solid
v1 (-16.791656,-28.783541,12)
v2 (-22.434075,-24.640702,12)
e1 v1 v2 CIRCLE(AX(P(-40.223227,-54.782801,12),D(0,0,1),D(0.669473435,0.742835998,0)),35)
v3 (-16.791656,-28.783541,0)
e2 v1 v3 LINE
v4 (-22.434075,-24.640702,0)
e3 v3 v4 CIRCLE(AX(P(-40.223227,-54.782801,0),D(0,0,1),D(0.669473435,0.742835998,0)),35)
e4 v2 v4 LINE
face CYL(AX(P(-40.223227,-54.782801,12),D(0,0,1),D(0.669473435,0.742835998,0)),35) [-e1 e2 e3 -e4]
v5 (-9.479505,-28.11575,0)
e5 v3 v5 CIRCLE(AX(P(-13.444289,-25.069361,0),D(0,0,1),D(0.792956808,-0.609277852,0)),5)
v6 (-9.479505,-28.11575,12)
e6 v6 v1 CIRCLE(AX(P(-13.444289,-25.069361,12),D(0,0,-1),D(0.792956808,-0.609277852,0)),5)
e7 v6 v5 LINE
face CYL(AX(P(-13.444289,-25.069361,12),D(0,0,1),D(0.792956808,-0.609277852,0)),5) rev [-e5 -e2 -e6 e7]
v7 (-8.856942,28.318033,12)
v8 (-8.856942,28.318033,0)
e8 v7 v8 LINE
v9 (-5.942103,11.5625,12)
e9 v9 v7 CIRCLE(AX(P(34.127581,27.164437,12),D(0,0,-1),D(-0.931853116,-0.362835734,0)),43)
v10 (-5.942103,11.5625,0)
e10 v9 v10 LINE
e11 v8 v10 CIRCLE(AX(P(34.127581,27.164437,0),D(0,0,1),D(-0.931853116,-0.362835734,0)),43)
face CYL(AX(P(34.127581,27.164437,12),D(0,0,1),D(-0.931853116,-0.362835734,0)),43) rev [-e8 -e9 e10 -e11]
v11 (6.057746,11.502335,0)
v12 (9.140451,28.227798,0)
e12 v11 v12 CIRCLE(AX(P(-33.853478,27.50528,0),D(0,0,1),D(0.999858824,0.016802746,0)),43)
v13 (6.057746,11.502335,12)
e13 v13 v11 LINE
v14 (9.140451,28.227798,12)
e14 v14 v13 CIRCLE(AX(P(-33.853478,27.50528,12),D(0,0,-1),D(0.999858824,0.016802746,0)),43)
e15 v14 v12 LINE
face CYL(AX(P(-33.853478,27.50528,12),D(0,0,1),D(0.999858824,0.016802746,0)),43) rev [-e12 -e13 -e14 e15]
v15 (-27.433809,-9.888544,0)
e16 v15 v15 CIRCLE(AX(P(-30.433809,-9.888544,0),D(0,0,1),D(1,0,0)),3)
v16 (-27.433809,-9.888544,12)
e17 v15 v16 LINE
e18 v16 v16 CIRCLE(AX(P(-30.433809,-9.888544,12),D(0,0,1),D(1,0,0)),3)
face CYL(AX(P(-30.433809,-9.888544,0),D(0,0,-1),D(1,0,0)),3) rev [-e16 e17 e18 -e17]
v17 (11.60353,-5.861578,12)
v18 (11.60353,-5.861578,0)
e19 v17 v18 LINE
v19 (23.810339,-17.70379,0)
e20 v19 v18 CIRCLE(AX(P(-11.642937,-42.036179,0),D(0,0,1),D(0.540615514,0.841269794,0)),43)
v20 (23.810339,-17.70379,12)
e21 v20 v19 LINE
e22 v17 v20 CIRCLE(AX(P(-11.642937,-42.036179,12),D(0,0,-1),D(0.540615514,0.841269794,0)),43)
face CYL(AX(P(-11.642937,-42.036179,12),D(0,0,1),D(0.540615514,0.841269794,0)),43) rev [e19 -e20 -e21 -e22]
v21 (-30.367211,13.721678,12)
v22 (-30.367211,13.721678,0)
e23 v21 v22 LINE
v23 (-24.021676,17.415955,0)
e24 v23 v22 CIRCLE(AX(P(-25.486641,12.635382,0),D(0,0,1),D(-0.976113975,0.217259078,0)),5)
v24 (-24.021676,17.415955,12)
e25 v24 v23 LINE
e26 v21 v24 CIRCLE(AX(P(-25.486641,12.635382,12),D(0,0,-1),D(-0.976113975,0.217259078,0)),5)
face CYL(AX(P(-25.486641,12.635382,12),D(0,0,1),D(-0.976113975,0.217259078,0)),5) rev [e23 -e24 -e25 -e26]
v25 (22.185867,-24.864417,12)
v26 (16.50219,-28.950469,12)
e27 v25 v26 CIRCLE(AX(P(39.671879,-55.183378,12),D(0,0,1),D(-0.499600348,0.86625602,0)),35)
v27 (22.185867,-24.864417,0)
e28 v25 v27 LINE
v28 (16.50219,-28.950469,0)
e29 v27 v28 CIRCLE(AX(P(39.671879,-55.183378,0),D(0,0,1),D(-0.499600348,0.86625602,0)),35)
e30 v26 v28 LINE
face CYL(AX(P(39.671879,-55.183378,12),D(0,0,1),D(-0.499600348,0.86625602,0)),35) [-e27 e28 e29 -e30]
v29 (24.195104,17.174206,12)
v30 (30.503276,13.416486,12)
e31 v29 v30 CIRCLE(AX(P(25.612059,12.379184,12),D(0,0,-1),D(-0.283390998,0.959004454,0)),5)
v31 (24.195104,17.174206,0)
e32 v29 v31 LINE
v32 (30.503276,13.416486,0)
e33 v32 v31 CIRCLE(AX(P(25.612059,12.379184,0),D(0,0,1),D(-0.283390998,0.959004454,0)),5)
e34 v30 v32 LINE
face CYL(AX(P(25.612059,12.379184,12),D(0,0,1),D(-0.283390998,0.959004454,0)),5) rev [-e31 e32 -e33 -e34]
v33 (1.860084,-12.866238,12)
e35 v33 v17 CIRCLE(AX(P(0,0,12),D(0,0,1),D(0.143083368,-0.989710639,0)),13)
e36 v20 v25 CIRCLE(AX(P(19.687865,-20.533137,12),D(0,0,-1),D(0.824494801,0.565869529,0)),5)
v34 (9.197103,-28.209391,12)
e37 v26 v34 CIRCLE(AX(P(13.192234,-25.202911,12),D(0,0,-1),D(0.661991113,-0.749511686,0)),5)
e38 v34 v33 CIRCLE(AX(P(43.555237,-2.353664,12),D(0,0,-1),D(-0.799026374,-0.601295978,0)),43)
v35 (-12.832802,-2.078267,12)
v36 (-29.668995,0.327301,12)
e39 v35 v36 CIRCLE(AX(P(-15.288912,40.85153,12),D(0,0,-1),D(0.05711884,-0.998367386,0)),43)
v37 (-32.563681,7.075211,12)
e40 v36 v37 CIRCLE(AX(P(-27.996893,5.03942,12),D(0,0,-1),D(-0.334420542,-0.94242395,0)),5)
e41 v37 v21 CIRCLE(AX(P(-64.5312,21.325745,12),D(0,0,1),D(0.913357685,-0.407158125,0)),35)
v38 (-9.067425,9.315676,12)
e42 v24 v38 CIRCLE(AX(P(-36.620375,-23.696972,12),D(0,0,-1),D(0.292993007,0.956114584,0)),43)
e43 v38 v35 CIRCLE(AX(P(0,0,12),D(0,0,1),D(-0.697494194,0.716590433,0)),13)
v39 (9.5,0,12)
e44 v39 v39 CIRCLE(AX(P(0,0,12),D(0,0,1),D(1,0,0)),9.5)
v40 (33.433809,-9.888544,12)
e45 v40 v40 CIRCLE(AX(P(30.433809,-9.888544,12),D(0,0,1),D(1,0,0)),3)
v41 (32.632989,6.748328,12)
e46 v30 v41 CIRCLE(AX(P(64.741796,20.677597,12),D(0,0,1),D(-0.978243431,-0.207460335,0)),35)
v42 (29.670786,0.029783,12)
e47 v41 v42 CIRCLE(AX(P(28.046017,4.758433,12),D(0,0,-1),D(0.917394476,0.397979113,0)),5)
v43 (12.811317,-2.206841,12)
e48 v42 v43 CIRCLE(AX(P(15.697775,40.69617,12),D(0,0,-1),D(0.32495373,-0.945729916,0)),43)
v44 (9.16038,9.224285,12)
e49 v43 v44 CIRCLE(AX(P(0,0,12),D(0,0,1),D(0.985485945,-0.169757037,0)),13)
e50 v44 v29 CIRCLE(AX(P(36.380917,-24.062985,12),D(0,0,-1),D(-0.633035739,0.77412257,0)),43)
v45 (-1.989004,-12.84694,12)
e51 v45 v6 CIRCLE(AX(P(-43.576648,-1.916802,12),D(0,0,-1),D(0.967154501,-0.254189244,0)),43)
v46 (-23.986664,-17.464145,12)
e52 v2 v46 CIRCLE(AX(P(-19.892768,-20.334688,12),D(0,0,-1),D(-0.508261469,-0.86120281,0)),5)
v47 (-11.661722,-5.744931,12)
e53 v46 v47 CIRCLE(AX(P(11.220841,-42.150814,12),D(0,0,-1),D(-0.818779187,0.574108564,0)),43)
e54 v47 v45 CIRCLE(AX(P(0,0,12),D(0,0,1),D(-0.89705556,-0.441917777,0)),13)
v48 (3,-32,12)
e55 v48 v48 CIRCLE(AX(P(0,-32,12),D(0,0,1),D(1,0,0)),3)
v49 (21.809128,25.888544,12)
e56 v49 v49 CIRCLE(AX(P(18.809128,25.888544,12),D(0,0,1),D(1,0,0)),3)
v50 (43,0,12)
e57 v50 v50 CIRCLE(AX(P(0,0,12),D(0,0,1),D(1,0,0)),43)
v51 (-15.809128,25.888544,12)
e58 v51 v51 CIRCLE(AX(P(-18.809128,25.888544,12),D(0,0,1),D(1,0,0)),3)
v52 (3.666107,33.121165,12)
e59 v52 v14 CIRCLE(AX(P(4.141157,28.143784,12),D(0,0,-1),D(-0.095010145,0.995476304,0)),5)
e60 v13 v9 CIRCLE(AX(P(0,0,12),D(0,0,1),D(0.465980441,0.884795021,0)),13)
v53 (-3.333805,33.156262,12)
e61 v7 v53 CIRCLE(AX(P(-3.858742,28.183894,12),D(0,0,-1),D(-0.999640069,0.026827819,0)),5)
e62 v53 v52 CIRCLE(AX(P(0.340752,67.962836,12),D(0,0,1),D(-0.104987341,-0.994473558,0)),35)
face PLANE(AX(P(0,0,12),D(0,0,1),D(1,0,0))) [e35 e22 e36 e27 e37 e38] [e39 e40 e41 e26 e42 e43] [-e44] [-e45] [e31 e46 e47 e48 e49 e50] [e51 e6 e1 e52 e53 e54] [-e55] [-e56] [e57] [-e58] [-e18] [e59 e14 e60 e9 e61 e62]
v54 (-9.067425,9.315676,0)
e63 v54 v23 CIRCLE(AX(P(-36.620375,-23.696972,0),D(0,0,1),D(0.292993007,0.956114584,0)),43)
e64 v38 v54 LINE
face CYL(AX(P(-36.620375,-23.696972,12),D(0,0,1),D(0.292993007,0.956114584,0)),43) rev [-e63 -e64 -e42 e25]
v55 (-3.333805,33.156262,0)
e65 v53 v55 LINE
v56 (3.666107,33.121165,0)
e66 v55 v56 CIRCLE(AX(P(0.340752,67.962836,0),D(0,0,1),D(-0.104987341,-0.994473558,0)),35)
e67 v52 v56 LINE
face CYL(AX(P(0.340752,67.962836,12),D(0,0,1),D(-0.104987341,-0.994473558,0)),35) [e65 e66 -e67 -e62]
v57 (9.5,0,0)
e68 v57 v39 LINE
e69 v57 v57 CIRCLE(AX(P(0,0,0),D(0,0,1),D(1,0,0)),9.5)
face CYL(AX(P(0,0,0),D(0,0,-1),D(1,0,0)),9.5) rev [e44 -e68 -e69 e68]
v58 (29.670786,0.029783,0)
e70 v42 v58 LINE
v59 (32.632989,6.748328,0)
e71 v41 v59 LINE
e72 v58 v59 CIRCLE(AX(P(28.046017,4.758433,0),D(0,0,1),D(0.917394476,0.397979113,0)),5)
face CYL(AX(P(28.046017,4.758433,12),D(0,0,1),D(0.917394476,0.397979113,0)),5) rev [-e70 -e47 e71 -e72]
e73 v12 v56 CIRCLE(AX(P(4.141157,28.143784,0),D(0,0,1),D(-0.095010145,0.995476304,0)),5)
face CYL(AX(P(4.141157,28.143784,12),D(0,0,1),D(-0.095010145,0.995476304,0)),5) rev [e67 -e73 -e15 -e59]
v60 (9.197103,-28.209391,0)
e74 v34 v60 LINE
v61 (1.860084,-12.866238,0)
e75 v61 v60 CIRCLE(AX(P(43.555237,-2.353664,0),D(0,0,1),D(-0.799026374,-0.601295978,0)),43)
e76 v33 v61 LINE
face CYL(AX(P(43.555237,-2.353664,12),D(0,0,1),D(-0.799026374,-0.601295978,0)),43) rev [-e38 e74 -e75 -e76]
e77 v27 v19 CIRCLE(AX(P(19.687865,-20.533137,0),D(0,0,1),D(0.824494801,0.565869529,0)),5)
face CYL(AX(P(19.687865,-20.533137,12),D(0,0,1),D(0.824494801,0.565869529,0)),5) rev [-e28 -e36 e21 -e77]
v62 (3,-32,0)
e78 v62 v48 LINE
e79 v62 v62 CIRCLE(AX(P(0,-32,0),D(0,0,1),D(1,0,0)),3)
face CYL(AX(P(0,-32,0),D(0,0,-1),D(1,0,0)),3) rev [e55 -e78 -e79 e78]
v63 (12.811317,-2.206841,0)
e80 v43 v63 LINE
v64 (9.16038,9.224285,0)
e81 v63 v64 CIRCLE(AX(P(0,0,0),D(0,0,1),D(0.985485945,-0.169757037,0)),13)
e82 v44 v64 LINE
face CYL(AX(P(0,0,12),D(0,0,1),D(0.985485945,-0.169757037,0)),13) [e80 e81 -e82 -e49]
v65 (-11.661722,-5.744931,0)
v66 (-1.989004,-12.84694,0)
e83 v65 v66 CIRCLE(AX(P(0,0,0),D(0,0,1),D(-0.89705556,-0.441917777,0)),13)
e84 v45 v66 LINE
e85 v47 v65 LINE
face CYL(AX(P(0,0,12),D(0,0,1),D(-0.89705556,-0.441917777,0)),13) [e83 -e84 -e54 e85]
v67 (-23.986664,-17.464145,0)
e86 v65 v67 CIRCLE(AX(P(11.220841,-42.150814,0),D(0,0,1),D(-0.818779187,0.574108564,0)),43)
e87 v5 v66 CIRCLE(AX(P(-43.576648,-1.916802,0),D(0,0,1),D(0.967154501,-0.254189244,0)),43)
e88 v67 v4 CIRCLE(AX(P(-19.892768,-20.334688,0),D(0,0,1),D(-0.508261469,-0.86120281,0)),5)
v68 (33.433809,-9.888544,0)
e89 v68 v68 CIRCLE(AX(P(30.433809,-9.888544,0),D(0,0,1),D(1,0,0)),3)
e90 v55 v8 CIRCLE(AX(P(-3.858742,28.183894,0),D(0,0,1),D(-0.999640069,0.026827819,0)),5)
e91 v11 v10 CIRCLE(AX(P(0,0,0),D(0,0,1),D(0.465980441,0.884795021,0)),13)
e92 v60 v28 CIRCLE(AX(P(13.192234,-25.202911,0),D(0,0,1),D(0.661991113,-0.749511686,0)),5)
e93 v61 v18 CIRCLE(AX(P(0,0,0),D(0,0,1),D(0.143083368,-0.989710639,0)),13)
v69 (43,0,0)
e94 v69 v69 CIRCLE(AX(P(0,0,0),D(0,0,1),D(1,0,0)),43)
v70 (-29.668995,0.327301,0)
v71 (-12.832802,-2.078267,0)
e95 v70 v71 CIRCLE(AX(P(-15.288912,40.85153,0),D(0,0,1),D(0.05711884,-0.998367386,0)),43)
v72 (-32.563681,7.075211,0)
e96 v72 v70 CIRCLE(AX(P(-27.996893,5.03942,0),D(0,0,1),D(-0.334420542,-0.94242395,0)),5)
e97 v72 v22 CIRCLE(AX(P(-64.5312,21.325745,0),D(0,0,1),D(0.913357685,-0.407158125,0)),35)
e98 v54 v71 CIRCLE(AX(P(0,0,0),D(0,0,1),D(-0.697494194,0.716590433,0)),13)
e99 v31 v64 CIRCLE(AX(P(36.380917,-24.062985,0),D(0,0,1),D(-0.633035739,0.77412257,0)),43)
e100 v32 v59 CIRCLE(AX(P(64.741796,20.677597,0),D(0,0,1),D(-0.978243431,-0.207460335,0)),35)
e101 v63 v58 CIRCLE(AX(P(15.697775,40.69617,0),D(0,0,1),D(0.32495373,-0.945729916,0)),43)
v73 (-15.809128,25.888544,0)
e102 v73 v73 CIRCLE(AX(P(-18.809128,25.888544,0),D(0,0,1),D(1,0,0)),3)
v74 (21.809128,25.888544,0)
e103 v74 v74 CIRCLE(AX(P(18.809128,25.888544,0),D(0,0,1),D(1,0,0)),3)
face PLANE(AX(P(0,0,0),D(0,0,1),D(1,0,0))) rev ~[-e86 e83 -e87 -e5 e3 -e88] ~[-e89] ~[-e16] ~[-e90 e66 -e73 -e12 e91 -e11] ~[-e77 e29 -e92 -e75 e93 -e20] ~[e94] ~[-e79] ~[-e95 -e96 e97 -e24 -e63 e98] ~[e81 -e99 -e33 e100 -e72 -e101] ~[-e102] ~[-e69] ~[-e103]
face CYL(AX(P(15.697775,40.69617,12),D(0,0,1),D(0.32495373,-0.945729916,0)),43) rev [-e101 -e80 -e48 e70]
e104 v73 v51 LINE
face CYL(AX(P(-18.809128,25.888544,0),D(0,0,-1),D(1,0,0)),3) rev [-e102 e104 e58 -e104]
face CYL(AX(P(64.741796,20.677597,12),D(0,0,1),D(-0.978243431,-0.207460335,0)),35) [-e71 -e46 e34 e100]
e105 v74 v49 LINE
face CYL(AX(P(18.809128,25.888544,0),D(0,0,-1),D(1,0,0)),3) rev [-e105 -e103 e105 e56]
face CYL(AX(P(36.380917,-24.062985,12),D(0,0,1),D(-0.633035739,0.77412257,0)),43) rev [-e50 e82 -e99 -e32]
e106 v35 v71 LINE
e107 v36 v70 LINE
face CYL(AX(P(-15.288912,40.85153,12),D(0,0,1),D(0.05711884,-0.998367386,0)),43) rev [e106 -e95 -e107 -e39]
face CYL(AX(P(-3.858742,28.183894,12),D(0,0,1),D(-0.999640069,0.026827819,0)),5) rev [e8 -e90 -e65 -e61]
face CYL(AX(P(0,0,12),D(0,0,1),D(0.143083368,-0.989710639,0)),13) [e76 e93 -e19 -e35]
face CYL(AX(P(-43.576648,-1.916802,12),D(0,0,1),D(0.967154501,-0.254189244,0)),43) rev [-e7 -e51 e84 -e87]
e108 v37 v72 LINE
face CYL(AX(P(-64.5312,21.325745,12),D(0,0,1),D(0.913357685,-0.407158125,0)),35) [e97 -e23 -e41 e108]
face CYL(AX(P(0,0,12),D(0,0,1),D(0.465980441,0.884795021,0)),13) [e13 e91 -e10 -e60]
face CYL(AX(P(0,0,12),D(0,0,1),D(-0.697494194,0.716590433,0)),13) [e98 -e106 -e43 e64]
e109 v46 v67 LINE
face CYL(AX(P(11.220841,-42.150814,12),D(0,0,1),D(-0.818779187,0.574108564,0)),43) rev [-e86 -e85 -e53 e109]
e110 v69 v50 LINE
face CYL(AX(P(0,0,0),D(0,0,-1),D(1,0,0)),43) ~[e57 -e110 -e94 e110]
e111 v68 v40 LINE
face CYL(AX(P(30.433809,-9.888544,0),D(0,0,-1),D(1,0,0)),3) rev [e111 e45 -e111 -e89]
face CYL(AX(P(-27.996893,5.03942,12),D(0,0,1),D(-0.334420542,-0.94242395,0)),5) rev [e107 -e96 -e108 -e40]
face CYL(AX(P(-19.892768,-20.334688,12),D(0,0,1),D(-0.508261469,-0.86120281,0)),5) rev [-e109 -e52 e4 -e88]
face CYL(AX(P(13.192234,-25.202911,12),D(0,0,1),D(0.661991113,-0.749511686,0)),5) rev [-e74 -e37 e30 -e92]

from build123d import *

# Parameters (mm, degrees)
SKETCH_1_R          = 43
SKETCH_1_R_2        = 9.5
SKETCH_1_R_3        = 3
EXTRUDE_1_DEPTH     = 12
CUT_EXTRUDE_1_DEPTH = 62.983868869


with BuildPart() as part:
    # 草图1 → 凸台-拉伸1 (new body)
    with BuildSketch(Plane.XY):
        Circle(SKETCH_1_R)
        Circle(SKETCH_1_R_2, mode=Mode.SUBTRACT)
        with Locations((0, -32)):
            Circle(SKETCH_1_R_3, mode=Mode.SUBTRACT)
        with Locations((-30.433808521, -9.88854382)):
            Circle(SKETCH_1_R_3, mode=Mode.SUBTRACT)
        with Locations((-18.809128073, 25.88854382)):
            Circle(SKETCH_1_R_3, mode=Mode.SUBTRACT)
        with Locations((18.809128073, 25.88854382)):
            Circle(SKETCH_1_R_3, mode=Mode.SUBTRACT)
        with Locations((30.433808521, -9.88854382)):
            Circle(SKETCH_1_R_3, mode=Mode.SUBTRACT)
    extrude(amount=EXTRUDE_1_DEPTH)

    # 草图2 → 切除-拉伸1 (cut, through all)
    with BuildSketch(Plane.XY.offset(12)):
        with BuildLine():
            ThreePointArc((-9.067424527, 9.315675631), (-12.343438055, 4.079158859), (-12.832801935, -2.078267189))
            ThreePointArc((-12.832801935, -2.078267189), (-21.37101475, -1.716157168), (-29.668995358, 0.32730058))
            ThreePointArc((-29.668995358, 0.32730058), (-32.591945887, 3.068256778), (-32.563681076, 7.075210954))
            ThreePointArc((-32.563681076, 7.075210954), (-31.298866838, 10.343394552), (-30.367210921, 13.721677599))
            ThreePointArc((-30.367210921, 13.721677599), (-28.002294185, 16.956434081), (-24.021676007, 17.415955129))
            ThreePointArc((-24.021676007, 17.415955129), (-16.140082755, 14.112519106), (-9.067424527, 9.315675631))
        make_face()
        with BuildLine():
            ThreePointArc((-5.942103436, 11.562500022), (-8.236169203, 19.794721108), (-8.856942422, 28.318032809))
            ThreePointArc((-8.856942422, 28.318032809), (-7.153379557, 31.944926002), (-3.33380537, 33.156261505))
            ThreePointArc((-3.33380537, 33.156261505), (0.165271032, 32.963275955), (3.666106648, 33.121165398))
            ThreePointArc((3.666106648, 33.121165398), (7.473342341, 31.871590651), (9.140451493, 28.227797607))
            ThreePointArc((9.140451493, 28.227797607), (8.434243395, 19.711139115), (6.057745738, 11.502335266))
            ThreePointArc((6.057745738, 11.502335266), (0.065178486, 12.999836605), (-5.942103436, 11.562500022))
        make_face()
        with BuildLine():
            ThreePointArc((30.503276045, 13.416485596), (31.401009953, 10.029030369), (32.632989436, 6.748328364))
            ThreePointArc((32.632989436, 6.748328364), (32.621073761, 2.741292217), (29.670785702, 0.02978322))
            ThreePointArc((29.670785702, 0.02978322), (21.352731843, -1.930365176), (12.811317288, -2.206841486))
            ThreePointArc((12.811317288, -2.206841486), (12.383720574, 3.955182012), (9.160380047, 9.224285197))
            ThreePointArc((9.160380047, 9.224285197), (16.280782246, 13.949967611), (24.195103905, 17.17420619))
            ThreePointArc((24.195103905, 17.17420619), (28.170914186, 16.674793259), (30.503276045, 13.416485596))
        make_face()
        with BuildLine():
            ThreePointArc((22.185866734, -24.864417397), (19.2416204, -26.764994313), (16.502189978, -28.950469101))
            ThreePointArc((16.502189978, -28.950469101), (12.687589993, -30.177378887), (9.197102544, -28.209390565))
            ThreePointArc((9.197102544, -28.209390565), (4.762470636, -20.904170405), (1.860083786, -12.866238312))
            ThreePointArc((1.860083786, -12.866238312), (7.588381736, -10.55539969), (11.603529654, -5.861578248))
            ThreePointArc((11.603529654, -5.861578248), (18.298245994, -11.173166982), (23.810338997, -17.703789654))
            ThreePointArc((23.810338997, -17.703789654), (24.563962018, -21.639337012), (22.185866734, -24.864417397))
        make_face()
        with BuildLine():
            ThreePointArc((-16.791656334, -28.783540658), (-19.509034547, -26.570706563), (-22.434075141, -24.640702259))
            ThreePointArc((-22.434075141, -24.640702259), (-24.77971191, -21.391938061), (-23.986663732, -17.464145391))
            ThreePointArc((-23.986663732, -17.464145391), (-18.409363119, -10.98912264), (-11.661722286, -5.744931098))
            ThreePointArc((-11.661722286, -5.744931098), (-7.693842741, -10.478777785), (-1.989004331, -12.846939782))
            ThreePointArc((-1.989004331, -12.846939782), (-4.971844287, -20.855364568), (-9.479505121, -28.115749926))
            ThreePointArc((-9.479505121, -28.115749926), (-12.989550761, -30.048639027), (-16.791656334, -28.783540658))
        make_face()
    extrude(amount=-CUT_EXTRUDE_1_DEPTH, mode=Mode.SUBTRACT)


solid = part.part
